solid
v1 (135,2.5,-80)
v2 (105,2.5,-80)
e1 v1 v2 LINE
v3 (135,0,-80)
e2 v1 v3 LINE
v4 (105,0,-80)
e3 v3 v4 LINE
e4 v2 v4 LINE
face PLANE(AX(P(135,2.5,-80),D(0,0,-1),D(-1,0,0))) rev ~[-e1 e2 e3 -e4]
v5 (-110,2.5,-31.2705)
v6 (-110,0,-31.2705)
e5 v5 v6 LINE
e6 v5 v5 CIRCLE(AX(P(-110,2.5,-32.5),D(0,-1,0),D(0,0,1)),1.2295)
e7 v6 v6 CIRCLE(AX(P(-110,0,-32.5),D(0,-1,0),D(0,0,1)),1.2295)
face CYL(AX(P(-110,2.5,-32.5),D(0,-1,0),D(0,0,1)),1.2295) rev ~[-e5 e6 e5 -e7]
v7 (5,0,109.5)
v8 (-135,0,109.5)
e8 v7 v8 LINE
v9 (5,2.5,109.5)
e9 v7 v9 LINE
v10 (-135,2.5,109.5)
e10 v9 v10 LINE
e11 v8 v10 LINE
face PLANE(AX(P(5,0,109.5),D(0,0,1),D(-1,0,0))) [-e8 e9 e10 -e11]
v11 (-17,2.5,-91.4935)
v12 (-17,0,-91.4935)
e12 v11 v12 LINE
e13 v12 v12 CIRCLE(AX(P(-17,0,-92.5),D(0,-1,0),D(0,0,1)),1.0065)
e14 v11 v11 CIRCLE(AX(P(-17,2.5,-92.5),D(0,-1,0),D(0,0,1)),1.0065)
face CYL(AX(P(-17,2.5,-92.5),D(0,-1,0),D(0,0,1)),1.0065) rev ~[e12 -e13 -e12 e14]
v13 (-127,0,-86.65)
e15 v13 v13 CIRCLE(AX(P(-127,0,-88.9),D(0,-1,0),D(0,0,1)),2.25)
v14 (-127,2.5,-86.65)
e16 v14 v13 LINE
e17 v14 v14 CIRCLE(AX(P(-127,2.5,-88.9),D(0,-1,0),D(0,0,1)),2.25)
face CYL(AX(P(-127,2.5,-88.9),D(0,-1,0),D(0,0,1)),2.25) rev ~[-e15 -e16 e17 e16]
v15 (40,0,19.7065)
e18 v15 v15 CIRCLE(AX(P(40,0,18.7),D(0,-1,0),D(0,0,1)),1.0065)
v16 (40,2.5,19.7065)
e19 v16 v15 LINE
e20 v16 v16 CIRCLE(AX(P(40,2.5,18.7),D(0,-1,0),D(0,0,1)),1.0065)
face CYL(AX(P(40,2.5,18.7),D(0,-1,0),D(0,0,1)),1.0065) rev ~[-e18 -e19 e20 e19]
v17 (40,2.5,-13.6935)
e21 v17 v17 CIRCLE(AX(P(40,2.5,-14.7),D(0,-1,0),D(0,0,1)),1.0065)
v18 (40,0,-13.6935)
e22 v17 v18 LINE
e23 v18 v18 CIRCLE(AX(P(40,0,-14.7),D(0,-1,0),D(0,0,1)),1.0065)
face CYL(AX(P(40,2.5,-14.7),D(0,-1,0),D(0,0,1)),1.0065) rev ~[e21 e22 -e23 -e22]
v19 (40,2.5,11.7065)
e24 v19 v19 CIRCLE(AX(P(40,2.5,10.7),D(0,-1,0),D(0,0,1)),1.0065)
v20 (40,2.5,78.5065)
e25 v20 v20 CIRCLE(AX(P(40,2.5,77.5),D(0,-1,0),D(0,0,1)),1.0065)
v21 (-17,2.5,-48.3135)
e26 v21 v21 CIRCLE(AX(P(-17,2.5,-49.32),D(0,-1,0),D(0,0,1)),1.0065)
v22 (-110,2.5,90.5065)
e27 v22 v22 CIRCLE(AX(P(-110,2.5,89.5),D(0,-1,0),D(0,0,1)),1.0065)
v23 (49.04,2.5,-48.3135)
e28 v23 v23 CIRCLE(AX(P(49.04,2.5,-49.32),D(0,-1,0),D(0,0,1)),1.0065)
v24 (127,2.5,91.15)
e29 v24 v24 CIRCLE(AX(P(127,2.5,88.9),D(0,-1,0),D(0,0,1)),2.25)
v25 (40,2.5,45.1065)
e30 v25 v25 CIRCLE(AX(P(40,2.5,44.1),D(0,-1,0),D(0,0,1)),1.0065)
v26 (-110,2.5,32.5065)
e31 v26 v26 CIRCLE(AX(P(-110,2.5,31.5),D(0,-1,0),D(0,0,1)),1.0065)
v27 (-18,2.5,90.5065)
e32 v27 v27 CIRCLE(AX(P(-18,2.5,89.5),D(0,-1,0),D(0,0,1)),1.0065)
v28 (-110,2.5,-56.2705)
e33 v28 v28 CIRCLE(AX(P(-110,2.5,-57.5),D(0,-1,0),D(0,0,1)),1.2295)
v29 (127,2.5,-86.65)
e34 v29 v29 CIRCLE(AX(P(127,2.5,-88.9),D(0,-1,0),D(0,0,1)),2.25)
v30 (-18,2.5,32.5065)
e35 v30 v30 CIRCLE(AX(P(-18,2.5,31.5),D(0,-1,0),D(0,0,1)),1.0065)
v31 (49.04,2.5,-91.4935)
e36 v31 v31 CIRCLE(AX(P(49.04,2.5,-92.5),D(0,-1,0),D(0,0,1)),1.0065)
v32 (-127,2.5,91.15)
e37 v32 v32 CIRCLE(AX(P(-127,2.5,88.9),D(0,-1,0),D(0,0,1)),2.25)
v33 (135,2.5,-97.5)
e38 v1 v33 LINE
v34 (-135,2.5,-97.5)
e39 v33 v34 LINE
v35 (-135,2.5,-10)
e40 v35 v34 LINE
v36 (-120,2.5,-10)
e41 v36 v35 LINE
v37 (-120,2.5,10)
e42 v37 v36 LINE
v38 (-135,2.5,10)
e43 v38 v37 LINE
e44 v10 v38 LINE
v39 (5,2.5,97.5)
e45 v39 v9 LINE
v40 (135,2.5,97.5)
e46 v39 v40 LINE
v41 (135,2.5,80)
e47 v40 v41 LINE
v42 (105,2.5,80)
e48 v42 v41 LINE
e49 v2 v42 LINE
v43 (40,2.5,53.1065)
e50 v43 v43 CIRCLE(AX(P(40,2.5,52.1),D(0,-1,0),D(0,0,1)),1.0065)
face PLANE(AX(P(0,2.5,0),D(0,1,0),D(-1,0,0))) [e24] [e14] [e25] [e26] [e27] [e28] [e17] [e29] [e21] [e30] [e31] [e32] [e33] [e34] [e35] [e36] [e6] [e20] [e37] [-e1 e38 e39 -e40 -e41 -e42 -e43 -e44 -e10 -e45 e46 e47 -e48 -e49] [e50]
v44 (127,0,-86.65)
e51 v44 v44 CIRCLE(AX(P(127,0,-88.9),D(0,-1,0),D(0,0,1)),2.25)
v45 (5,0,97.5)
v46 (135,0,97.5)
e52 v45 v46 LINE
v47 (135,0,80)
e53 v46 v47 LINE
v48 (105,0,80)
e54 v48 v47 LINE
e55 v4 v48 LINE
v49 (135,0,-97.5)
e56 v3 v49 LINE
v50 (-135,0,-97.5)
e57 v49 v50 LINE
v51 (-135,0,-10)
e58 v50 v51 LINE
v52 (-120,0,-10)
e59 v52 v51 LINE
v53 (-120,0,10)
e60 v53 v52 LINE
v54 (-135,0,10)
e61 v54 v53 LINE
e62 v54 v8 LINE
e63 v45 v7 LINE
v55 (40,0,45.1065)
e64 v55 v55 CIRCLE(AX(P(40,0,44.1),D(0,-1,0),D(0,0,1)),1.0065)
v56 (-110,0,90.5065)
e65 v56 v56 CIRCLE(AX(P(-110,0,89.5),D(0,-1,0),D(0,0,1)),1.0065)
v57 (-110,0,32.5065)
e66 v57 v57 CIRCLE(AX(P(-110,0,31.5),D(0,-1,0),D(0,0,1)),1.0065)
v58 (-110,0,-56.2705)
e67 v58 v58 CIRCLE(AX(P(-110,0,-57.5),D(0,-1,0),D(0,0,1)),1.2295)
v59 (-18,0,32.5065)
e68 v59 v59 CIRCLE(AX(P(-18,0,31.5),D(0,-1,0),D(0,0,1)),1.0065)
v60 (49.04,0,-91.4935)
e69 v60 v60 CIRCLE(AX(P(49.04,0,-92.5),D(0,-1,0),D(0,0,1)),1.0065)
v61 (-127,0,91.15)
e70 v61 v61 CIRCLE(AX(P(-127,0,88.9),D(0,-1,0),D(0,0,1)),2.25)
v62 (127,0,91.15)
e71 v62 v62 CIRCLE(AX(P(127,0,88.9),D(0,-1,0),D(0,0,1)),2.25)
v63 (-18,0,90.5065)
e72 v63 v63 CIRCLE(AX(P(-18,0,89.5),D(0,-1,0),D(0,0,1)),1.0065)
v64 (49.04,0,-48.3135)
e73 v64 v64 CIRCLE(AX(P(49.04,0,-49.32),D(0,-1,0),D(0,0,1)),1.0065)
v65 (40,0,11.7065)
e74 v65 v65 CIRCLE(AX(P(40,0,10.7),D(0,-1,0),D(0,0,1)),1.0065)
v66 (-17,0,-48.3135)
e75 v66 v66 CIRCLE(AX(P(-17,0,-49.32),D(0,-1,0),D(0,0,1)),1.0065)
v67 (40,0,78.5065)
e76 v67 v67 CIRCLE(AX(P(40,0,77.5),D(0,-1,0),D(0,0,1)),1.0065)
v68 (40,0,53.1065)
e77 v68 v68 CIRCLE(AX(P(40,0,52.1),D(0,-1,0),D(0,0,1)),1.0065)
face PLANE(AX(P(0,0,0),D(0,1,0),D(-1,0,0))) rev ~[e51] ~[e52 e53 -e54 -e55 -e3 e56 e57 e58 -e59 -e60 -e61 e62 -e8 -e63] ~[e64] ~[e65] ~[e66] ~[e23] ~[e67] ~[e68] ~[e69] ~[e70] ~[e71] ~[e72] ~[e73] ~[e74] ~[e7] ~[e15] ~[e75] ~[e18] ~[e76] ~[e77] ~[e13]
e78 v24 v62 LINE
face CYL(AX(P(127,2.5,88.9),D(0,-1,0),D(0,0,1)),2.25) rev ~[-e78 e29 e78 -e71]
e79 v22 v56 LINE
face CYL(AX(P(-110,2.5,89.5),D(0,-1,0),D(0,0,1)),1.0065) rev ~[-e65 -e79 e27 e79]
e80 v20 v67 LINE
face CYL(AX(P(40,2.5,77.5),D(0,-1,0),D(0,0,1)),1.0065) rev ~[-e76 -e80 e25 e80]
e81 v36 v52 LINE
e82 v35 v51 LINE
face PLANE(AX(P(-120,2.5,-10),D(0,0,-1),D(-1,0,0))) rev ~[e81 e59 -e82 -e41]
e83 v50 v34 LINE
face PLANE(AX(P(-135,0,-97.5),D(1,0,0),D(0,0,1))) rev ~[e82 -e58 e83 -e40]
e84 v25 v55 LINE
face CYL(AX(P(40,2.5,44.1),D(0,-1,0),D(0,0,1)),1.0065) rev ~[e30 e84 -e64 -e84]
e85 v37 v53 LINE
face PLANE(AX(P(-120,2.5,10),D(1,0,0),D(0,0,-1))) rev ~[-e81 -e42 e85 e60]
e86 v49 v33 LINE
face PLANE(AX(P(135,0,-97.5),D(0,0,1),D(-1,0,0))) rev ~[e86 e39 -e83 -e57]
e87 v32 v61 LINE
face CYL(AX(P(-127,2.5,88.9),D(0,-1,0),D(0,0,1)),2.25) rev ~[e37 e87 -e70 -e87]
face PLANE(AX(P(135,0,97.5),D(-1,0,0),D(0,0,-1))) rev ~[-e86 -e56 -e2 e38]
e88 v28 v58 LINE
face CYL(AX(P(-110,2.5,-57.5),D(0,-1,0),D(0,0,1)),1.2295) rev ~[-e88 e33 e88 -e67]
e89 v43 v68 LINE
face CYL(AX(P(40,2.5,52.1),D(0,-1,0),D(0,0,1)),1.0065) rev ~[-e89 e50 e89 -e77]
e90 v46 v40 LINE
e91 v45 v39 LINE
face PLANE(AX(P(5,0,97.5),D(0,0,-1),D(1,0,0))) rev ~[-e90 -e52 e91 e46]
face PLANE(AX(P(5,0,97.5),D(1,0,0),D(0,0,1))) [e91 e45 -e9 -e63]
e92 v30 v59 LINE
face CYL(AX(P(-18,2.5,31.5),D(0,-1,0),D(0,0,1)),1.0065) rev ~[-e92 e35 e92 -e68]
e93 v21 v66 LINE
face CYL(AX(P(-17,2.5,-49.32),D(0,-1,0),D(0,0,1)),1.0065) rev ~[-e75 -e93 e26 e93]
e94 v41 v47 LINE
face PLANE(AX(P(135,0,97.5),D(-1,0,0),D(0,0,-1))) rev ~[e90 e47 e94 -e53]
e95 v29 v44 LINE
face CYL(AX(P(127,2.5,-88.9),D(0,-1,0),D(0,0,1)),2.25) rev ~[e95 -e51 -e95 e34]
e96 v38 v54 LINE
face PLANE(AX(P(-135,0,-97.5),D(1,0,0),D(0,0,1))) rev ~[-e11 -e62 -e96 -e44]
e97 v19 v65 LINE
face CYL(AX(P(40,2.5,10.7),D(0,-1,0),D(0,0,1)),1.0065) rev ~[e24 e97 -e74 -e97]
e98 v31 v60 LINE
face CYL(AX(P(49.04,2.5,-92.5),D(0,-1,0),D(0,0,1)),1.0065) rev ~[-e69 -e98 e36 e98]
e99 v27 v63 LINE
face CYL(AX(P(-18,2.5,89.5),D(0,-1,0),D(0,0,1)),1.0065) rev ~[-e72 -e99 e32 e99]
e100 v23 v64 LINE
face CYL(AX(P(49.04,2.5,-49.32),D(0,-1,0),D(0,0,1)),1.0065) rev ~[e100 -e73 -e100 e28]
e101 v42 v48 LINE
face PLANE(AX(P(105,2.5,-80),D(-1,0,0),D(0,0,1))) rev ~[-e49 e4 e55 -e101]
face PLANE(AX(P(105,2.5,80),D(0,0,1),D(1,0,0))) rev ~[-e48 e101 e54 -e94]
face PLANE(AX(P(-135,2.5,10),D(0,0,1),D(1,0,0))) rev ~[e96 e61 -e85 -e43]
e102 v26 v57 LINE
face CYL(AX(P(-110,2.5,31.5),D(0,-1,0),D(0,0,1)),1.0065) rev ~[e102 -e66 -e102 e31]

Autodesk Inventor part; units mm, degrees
ref_plane "YZ Plane" through (0, 0, 0) normal (1, 0, 0) x (0, 1, 0)
ref_plane "XZ Plane" through (0, 0, 0) normal (0, 1, 0) x (-1, 0, 0)
ref_plane "XY Plane" through (0, 0, 0) normal (0, 0, 1) x (1, 0, 0)
sketch "Sketch1" plane through (0, 0, 0) normal (0, 1, 0) x (-1, 0, 0)
  line L0 (135, 97.5) -> (-135, 97.5)
  line L1 (-135, 97.5) -> (-135, -97.5)
  line L2 (-135, -97.5) -> (135, -97.5)
  line L3 (135, -97.5) -> (135, 97.5)
  line L4 (135, 97.5) -> (-135, -97.5) construction
  line L5 (-135, 97.5) -> (135, -97.5) construction
  line L6 (135, 97.5) -> (-5, 97.5)
  line L7 (-5, 97.5) -> (-5, 109.5)
  line L8 (-5, 109.5) -> (135, 109.5)
  line L9 (135, 109.5) -> (135, 97.5)
  point P0 (0, 0)
  dimension "d0" = 270
  dimension "d1" = 195
  dimension "d2" = 140
  dimension "d3" = 12
  dimension "d4" = 0
  dimension "d5" = 0
extrude "Extrusion1" add sketch "Sketch1" along normal blind 2.5
sketch "Mounting Holes" plane through (0, 2.5, 0) normal (0, 1, 0) x (1, 0, 0)
  line L0 (-127, -88.9) -> (127, -88.9) construction
  line L1 (127, -88.9) -> (127, 88.9) construction
  line L2 (127, 88.9) -> (-127, 88.9) construction
  line L3 (-127, 88.9) -> (-127, -88.9) construction
  line L4 (-127, -88.9) -> (127, 88.9) construction
  line L5 (127, -88.9) -> (-127, 88.9) construction
  point P0 (0, 0)
  dimension "d32" = 254
  dimension "d33" = 177.8
hole "Hole3" at (-127, 2.5, -88.9) at (127, 2.5, -88.9) at (127, 2.5, 88.9) at (-127, 2.5, 88.9) direction (0, -1, 0) diameter 4.5 end through all
sketch "Cut" plane through (0, 2.5, 0) normal (0, 1, 0) x (1, 0, 0)
  line L0 (135, 80) -> (105, 80)
  line L1 (105, 80) -> (105, -80)
  line L2 (105, -80) -> (135, -80)
  line L3 (135, -80) -> (135, 80)
  line L4 (135, 80) -> (105, -80) construction
  line L5 (105, 80) -> (135, -80) construction
  line L6 (135, -97.5) -> (135, 97.5) projected
  line L7 (135, 97.5) -> (-135, 97.5) projected
  line L8 (-120, 10) -> (-135, 10)
  line L9 (-135, 10) -> (-135, -10)
  line L10 (-135, -10) -> (-120, -10)
  line L11 (-120, -10) -> (-120, 10)
  line L12 (-120, 10) -> (-135, -10) construction
  line L13 (-135, 10) -> (-120, -10) construction
  line L14 (-135, 97.5) -> (-135, -109.5) projected
  line L15 (135, 72.5) -> (135, 52.5)
  point P0 (0, 0)
  point P1 (120, 0)
  point P2 (-127.5, 0)
  dimension "d62" = 30
  dimension "d63" = 160
  dimension "d64" = 0
  dimension "d65" = 97.5
  dimension "d66" = 15
  dimension "d67" = 20
  dimension "d68" = 0
  dimension "d69" = 97.5
  dimension "d72" = 0
extrude "Plate-cutout" cut sketch "Cut" against normal through all
sketch "Sketch8" plane through (0, 2.5, 0) normal (0, 1, 0) x (1, 0, 0)
  line L0 (5, -109.5) -> (-135, -109.5) construction
  line L1 (-110, -109.5) -> (-110, 97.5) construction
  line L2 (135, 97.5) -> (-135, 97.5) construction
  line L3 (-135, 97.5) -> (-135, -109.5) construction
  line L4 (-135, 10) -> (-120, 10) projected
  line L5 (-120, -10) -> (-135, -10) projected
  point P0 (0, 0)
  point P1 (-110, 57.5)
  point P2 (-110, 32.5)
  dimension "d76" = 25
  dimension "d78" = 25
  dimension "d79" = 40
  dimension "d80" = 22.5
hole "Hole6" at (-110, 2.5, -57.5) at (-110, 2.5, -32.5) direction (0, -1, 0) diameter 2.459 end through all thread size "M3x0.5" class "6H" standard "ISO Metric profile"
sketch "Sketch9" plane through (0, 2.5, 0) normal (0, 1, 0) x (1, 0, 0)
  line L0 (-117, 12) -> (-82, 12) construction
  line L1 (-82, 12) -> (-82, 6.5) construction
  line L2 (-82, 6.5) -> (-117, 6.5) construction
  line L3 (-117, 6.5) -> (-117, 12) construction
  line L4 (-135, 97.5) -> (-135, -109.5) projected
  line L5 (-135, 97.5) -> (-135, -109.5) projected
  circle A0 centre (-110, 57.5) radius 1.2295 projected
  point P0 (0, 0)
  point P1 (-135, 10)
  point P2 (-135, -10)
  dimension "d89" = 18
  dimension "d131" = 35
  dimension "d132" = 5.5
  dimension "d133" = 6.5
sketch "Sketch10" plane through (0, 2.5, 0) normal (0, 1, 0) x (1, 0, 0)
  line L0 (-17, 92.5) -> (49.04, 92.5) construction
  line L1 (49.04, 92.5) -> (49.04, 49.32) construction
  line L2 (49.04, 49.32) -> (-17, 49.32) construction
  line L3 (-17, 49.32) -> (-17, 92.5) construction
  line L4 (-17, 92.5) -> (49.04, 49.32) construction
  line L5 (49.04, 92.5) -> (-17, 49.32) construction
  line L6 (135, 97.5) -> (-135, 97.5) projected
  line L7 (-135, 97.5) -> (-135, -109.5) projected
  point P0 (0, 0)
  point P1 (16.02, 70.91)
  point P2 (-135, 10)
  dimension "d96" = 66.04
  dimension "d97" = 43.18
  dimension "d98" = 5
  dimension "d99" = 118
hole "B200 mini" at (-17, 2.5, -92.5) at (49.04, 2.5, -92.5) at (49.04, 2.5, -49.32) at (-17, 2.5, -49.32) direction (0, -1, 0) diameter 2.013 end through all thread size "M2.5x0.45" class "6H" standard "ISO Metric profile"
sketch "Sketch11" plane through (0, 2.5, 0) normal (0, 1, 0) x (1, 0, 0)
  line L0 (5, -109.5) -> (-135, -109.5) construction
  line L1 (-18, -109.5) -> (-18, 92.386) construction
  line L2 (-135, 97.5) -> (-135, -109.5) construction
  point P0 (0, 0)
  point P1 (-135, -10)
  point P2 (-18, -89.5)
  point P3 (-18, -31.5)
  point P4 (-110, -89.5)
  point P5 (-110, -31.5)
  dimension "d108" = 58
  dimension "d109" = 20
  dimension "d134" = 92
  dimension "d135" = 25
hole "RPI" at (-18, 2.5, 89.5) at (-18, 2.5, 31.5) at (-110, 2.5, 89.5) at (-110, 2.5, 31.5) direction (0, -1, 0) diameter 2.013 end through all thread size "M2.5x0.45" class "6H" standard "ISO Metric profile"
sketch "Sketch12" plane through (0, 2.5, 0) normal (0, 1, 0) x (1, 0, 0)
  line L0 (5, -97.5) -> (135, -97.5) projected
  line L1 (40, -97.5) -> (40, 97.2016) construction
  line L2 (-135, 97.5) -> (-135, -109.5) construction
  point P0 (0, 0)
  point P1 (40, 14.7)
  point P2 (40, -10.7)
  point P3 (40, -18.7)
  point P4 (40, -44.1)
  point P5 (40, -52.1)
  point P6 (40, -77.5)
  point P7 (-135, -10)
  dimension "d117" = 25.4
  dimension "d118" = 175
  dimension "d119" = 8
  dimension "d120" = 25.4
  dimension "d121" = 8
  dimension "d122" = 25.4
  dimension "d123" = 20
hole "Mini Circuits" at (40, 2.5, -14.7) at (40, 2.5, 10.7) at (40, 2.5, 18.7) at (40, 2.5, 44.1) at (40, 2.5, 52.1) at (40, 2.5, 77.5) direction (0, -1, 0) diameter 2.013 end through all thread size "M2.5x0.45" class "6H" standard "ISO Metric profile"
properties part number "Plate-1"
